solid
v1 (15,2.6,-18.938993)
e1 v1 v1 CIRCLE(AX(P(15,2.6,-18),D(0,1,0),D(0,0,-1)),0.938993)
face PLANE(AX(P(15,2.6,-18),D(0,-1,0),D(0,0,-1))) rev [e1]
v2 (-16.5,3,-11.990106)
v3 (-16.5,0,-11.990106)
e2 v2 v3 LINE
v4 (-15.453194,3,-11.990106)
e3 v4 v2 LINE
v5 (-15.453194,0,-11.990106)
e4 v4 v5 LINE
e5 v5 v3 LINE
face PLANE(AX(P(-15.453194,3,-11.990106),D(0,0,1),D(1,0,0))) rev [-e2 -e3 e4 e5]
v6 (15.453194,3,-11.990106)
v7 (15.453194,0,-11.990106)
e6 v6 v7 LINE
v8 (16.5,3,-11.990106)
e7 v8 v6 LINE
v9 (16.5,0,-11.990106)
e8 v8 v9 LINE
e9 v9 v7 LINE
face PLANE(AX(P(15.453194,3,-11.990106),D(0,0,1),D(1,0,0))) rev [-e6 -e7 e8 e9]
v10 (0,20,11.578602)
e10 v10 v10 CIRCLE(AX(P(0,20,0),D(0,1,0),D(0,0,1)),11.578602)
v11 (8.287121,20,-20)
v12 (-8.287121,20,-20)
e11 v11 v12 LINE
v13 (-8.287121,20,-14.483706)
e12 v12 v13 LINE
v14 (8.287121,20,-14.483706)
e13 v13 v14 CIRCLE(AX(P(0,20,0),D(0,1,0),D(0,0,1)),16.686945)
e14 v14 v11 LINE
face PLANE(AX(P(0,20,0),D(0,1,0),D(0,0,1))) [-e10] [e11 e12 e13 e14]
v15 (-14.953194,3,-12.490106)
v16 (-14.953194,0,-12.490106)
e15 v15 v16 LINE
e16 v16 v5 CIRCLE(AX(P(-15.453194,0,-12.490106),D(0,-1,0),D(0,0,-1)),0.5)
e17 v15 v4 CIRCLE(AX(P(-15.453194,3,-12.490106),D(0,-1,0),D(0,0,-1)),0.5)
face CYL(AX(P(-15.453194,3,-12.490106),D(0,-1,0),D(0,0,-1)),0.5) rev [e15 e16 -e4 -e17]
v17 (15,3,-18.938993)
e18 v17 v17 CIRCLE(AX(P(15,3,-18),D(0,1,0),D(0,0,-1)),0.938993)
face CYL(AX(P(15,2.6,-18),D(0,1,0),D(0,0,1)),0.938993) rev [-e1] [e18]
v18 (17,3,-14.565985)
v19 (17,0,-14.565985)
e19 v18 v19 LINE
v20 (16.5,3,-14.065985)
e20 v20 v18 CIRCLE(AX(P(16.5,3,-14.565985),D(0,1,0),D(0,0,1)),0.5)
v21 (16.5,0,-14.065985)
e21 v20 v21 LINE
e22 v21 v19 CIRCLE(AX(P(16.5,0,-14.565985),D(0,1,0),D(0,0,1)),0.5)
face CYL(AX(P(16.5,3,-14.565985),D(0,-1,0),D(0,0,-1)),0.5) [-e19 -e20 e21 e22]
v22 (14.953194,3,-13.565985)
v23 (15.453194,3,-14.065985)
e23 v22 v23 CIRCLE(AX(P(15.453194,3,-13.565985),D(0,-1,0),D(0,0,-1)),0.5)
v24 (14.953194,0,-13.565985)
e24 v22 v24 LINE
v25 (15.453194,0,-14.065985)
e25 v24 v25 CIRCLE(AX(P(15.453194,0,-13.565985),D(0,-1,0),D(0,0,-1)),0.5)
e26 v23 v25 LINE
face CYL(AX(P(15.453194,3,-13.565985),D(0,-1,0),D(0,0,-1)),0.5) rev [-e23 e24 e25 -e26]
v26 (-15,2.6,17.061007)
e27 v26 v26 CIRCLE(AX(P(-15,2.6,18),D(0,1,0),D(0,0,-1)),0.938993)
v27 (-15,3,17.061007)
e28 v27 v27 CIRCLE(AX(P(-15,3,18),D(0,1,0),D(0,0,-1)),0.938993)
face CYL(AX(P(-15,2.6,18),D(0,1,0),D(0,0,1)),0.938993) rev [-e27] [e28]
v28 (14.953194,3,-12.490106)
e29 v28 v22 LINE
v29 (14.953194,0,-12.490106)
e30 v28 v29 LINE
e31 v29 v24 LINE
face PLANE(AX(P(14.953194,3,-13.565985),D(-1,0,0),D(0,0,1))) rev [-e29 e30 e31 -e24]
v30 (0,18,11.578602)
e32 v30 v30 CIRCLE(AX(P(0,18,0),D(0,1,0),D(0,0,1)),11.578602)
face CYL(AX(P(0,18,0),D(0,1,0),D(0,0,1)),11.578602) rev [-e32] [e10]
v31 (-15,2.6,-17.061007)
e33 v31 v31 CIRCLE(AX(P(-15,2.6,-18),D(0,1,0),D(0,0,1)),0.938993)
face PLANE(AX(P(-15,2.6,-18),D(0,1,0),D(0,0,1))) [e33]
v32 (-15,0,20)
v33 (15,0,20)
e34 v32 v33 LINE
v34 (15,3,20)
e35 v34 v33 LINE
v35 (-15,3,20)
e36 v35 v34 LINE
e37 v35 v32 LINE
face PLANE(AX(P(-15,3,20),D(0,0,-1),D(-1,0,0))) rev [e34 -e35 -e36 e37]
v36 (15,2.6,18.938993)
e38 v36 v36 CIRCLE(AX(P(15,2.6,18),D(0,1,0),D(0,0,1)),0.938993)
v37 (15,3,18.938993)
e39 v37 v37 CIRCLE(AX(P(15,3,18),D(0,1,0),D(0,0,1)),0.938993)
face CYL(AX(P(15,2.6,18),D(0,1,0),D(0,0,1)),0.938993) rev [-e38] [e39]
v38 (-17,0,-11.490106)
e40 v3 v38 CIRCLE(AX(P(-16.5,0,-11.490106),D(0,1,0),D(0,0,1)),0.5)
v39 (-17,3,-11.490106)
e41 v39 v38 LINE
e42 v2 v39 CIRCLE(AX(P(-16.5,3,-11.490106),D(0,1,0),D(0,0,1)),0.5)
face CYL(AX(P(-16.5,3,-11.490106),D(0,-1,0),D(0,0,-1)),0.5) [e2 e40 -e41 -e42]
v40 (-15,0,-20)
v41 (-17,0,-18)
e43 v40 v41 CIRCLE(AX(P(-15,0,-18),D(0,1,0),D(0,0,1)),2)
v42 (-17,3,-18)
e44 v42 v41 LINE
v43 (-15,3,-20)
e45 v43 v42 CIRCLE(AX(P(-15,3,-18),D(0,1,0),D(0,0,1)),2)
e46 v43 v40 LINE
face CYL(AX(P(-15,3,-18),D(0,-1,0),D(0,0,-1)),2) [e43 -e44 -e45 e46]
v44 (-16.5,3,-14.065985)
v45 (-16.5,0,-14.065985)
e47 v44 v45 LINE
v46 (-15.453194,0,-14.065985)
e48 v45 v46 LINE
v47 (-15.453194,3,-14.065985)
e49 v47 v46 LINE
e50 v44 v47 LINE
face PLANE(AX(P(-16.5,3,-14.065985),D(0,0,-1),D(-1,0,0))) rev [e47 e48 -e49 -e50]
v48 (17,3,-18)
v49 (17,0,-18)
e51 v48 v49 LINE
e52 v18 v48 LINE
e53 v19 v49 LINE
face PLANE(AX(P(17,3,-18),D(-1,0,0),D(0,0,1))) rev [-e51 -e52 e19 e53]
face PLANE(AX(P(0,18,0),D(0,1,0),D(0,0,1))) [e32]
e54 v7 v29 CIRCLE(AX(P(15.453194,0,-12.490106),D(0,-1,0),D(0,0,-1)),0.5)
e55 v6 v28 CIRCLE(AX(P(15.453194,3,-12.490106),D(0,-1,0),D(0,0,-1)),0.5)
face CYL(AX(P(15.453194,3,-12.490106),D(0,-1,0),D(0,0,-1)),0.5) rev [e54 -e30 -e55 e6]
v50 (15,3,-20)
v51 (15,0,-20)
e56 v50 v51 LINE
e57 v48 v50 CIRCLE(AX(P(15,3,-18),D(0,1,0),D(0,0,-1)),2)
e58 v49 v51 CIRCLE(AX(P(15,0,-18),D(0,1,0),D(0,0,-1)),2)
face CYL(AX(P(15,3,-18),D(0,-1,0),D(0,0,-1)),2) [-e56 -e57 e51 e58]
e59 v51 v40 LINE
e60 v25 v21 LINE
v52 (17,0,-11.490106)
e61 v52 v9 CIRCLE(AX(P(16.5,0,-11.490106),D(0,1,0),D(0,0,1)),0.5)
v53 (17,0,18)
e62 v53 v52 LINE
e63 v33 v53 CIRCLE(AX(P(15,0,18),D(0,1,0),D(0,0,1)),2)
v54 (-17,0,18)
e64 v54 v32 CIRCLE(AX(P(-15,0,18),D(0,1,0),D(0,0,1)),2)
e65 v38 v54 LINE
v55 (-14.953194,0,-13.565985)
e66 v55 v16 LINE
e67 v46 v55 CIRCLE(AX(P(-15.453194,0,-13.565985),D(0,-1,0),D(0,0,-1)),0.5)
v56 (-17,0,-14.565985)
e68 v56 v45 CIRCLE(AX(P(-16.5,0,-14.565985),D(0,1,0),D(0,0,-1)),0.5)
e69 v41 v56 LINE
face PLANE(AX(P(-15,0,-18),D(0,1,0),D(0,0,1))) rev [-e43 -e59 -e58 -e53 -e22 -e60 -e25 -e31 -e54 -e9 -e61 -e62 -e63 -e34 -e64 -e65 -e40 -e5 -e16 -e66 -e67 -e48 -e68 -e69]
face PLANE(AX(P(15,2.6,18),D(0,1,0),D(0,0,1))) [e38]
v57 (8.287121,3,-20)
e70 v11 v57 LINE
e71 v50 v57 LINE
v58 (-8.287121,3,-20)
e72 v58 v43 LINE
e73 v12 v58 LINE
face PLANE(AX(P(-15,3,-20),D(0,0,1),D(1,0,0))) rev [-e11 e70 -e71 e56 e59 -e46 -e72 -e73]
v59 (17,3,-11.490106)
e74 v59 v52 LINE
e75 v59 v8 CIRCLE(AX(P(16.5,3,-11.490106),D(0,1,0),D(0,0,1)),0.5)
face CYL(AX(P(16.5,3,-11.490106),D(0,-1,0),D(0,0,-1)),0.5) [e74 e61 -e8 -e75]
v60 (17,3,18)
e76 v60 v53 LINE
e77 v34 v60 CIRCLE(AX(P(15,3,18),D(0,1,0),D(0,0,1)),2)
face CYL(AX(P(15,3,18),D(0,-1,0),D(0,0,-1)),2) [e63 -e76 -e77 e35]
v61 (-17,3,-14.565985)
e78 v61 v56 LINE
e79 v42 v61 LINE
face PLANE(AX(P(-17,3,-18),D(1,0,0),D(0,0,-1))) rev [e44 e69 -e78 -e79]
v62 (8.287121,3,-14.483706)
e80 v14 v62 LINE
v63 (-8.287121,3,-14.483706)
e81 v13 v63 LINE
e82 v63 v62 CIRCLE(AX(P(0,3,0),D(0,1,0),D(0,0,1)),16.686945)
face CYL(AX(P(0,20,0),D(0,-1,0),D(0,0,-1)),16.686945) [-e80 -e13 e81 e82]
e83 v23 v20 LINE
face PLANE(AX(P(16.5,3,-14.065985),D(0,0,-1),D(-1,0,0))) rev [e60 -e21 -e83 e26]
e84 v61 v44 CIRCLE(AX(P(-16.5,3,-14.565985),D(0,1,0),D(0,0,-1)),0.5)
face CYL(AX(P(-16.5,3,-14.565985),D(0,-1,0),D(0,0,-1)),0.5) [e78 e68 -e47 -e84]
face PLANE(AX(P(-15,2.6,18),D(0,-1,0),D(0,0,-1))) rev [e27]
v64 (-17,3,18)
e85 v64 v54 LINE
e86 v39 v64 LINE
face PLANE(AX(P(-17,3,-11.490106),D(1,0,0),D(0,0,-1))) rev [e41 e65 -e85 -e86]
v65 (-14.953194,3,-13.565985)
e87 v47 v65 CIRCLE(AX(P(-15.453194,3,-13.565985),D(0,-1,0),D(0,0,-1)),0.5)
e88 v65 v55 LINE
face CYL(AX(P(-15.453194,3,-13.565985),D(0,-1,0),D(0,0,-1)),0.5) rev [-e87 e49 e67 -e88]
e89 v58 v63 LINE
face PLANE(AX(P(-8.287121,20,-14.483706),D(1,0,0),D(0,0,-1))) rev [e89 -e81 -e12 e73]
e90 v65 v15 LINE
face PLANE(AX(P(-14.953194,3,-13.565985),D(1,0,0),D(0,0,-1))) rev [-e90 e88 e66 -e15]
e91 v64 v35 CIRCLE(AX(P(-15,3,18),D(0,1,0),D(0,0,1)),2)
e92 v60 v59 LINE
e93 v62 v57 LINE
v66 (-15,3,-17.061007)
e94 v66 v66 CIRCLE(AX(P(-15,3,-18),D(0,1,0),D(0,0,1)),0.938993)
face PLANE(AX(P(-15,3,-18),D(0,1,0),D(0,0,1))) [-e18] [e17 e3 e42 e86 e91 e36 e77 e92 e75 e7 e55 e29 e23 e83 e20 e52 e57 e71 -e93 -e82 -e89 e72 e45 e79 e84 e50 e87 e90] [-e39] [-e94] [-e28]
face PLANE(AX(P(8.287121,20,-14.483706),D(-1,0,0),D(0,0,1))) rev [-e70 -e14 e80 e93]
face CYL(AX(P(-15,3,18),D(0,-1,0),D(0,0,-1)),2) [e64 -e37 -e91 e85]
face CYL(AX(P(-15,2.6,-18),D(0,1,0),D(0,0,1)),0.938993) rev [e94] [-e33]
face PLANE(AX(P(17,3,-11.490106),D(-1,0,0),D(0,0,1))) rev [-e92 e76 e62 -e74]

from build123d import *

# Parameters (mm, degrees)
BOSS_EXTRUDE1_DEPTH = 3
SKETCH2_R           = 0.938992972
CUT_EXTRUDE1_DEPTH  = 0.4
BOSS_EXTRUDE2_DEPTH = 17
SKETCH5_R           = 11.578602023
CUT_EXTRUDE2_DEPTH  = 2


with BuildPart() as part:
    # Sketch1 → Boss-Extrude1 (new body)
    with BuildSketch(Plane(origin=(0, 0, 0), x_dir=(1, 0, 0), z_dir=(0, 1, 0))):
        with BuildLine():
            Line((-16.5, 14.065984754), (-15.453193913, 14.065984754))
            ThreePointArc((-15.453193913, 14.065984754), (-15.099640522, 13.919538145), (-14.953193913, 13.565984754))
            Line((-14.953193913, 13.565984754), (-14.953193913, 12.490105557))
            ThreePointArc((-14.953193913, 12.490105557), (-15.099640522, 12.136552166), (-15.453193913, 11.990105557))
            Line((-15.453193913, 11.990105557), (-16.5, 11.990105557))
            ThreePointArc((-16.5, 11.990105557), (-16.853553391, 11.843658947), (-17, 11.490105557))
            Line((-17, 11.490105557), (-17, -18))
            ThreePointArc((-17, -18), (-16.414213562, -19.414213562), (-15, -20))
            Line((-15, -20), (15, -20))
            ThreePointArc((15, -20), (16.414213562, -19.414213562), (17, -18))
            Line((17, -18), (17, 11.490105557))
            ThreePointArc((17, 11.490105557), (16.853553391, 11.843658947), (16.5, 11.990105557))
            Line((16.5, 11.990105557), (15.453193913, 11.990105557))
            ThreePointArc((15.453193913, 11.990105557), (15.099640522, 12.136552166), (14.953193913, 12.490105557))
            Line((14.953193913, 12.490105557), (14.953193913, 13.565984754))
            ThreePointArc((14.953193913, 13.565984754), (15.099640522, 13.919538145), (15.453193913, 14.065984754))
            Line((15.453193913, 14.065984754), (16.5, 14.065984754))
            ThreePointArc((16.5, 14.065984754), (16.853553391, 14.212431364), (17, 14.565984754))
            Line((17, 14.565984754), (17, 18))
            ThreePointArc((17, 18), (16.414213562, 19.414213562), (15, 20))
            Line((15, 20), (-15, 20))
            ThreePointArc((-15, 20), (-16.414213562, 19.414213562), (-17, 18))
            Line((-17, 18), (-17, 14.565984754))
            ThreePointArc((-17, 14.565984754), (-16.853553391, 14.212431364), (-16.5, 14.065984754))
        make_face()
    extrude(amount=BOSS_EXTRUDE1_DEPTH)

    # Sketch2 → Cut-Extrude1 (cut)
    with BuildSketch(Plane(origin=(0, 3, 0), x_dir=(1, 0, 0), z_dir=(0, 1, 0))):
        with Locations(Location((-15, 18, 0), (0, 0, 270))):
            Circle(SKETCH2_R)
        with Locations(Location((-15, -18, 0), (0, 0, 90))):
            Circle(SKETCH2_R)
        with Locations(Location((15, -18, 0), (0, 0, 270))):
            Circle(SKETCH2_R)
        with Locations(Location((15, 18, 0), (0, 0, 90))):
            Circle(SKETCH2_R)
    extrude(amount=-CUT_EXTRUDE1_DEPTH, mode=Mode.SUBTRACT)

    # Sketch4 → Boss-Extrude2 (add)
    with BuildSketch(Plane(origin=(0, 3, 0), x_dir=(1, 0, 0), z_dir=(0, 1, 0))):
        with BuildLine():
            Line((8.287121405, 14.483706302), (8.287121405, 20))
            Line((8.287121405, 20), (-8.287121405, 20))
            Line((-8.287121405, 20), (-8.287121405, 14.483706302))
            ThreePointArc((-8.287121405, 14.483706302), (0, -16.686944879), (8.287121405, 14.483706302))
        make_face()
    extrude(amount=BOSS_EXTRUDE2_DEPTH)

    # Sketch5 → Cut-Extrude2 (cut)
    with BuildSketch(Plane(origin=(0, 20, 0), x_dir=(1, 0, 0), z_dir=(0, 1, 0))):
        with Locations(Location((0, 0, 0), (0, 0, 270))):
            Circle(SKETCH5_R)
    extrude(amount=-CUT_EXTRUDE2_DEPTH, mode=Mode.SUBTRACT)


solid = part.part
